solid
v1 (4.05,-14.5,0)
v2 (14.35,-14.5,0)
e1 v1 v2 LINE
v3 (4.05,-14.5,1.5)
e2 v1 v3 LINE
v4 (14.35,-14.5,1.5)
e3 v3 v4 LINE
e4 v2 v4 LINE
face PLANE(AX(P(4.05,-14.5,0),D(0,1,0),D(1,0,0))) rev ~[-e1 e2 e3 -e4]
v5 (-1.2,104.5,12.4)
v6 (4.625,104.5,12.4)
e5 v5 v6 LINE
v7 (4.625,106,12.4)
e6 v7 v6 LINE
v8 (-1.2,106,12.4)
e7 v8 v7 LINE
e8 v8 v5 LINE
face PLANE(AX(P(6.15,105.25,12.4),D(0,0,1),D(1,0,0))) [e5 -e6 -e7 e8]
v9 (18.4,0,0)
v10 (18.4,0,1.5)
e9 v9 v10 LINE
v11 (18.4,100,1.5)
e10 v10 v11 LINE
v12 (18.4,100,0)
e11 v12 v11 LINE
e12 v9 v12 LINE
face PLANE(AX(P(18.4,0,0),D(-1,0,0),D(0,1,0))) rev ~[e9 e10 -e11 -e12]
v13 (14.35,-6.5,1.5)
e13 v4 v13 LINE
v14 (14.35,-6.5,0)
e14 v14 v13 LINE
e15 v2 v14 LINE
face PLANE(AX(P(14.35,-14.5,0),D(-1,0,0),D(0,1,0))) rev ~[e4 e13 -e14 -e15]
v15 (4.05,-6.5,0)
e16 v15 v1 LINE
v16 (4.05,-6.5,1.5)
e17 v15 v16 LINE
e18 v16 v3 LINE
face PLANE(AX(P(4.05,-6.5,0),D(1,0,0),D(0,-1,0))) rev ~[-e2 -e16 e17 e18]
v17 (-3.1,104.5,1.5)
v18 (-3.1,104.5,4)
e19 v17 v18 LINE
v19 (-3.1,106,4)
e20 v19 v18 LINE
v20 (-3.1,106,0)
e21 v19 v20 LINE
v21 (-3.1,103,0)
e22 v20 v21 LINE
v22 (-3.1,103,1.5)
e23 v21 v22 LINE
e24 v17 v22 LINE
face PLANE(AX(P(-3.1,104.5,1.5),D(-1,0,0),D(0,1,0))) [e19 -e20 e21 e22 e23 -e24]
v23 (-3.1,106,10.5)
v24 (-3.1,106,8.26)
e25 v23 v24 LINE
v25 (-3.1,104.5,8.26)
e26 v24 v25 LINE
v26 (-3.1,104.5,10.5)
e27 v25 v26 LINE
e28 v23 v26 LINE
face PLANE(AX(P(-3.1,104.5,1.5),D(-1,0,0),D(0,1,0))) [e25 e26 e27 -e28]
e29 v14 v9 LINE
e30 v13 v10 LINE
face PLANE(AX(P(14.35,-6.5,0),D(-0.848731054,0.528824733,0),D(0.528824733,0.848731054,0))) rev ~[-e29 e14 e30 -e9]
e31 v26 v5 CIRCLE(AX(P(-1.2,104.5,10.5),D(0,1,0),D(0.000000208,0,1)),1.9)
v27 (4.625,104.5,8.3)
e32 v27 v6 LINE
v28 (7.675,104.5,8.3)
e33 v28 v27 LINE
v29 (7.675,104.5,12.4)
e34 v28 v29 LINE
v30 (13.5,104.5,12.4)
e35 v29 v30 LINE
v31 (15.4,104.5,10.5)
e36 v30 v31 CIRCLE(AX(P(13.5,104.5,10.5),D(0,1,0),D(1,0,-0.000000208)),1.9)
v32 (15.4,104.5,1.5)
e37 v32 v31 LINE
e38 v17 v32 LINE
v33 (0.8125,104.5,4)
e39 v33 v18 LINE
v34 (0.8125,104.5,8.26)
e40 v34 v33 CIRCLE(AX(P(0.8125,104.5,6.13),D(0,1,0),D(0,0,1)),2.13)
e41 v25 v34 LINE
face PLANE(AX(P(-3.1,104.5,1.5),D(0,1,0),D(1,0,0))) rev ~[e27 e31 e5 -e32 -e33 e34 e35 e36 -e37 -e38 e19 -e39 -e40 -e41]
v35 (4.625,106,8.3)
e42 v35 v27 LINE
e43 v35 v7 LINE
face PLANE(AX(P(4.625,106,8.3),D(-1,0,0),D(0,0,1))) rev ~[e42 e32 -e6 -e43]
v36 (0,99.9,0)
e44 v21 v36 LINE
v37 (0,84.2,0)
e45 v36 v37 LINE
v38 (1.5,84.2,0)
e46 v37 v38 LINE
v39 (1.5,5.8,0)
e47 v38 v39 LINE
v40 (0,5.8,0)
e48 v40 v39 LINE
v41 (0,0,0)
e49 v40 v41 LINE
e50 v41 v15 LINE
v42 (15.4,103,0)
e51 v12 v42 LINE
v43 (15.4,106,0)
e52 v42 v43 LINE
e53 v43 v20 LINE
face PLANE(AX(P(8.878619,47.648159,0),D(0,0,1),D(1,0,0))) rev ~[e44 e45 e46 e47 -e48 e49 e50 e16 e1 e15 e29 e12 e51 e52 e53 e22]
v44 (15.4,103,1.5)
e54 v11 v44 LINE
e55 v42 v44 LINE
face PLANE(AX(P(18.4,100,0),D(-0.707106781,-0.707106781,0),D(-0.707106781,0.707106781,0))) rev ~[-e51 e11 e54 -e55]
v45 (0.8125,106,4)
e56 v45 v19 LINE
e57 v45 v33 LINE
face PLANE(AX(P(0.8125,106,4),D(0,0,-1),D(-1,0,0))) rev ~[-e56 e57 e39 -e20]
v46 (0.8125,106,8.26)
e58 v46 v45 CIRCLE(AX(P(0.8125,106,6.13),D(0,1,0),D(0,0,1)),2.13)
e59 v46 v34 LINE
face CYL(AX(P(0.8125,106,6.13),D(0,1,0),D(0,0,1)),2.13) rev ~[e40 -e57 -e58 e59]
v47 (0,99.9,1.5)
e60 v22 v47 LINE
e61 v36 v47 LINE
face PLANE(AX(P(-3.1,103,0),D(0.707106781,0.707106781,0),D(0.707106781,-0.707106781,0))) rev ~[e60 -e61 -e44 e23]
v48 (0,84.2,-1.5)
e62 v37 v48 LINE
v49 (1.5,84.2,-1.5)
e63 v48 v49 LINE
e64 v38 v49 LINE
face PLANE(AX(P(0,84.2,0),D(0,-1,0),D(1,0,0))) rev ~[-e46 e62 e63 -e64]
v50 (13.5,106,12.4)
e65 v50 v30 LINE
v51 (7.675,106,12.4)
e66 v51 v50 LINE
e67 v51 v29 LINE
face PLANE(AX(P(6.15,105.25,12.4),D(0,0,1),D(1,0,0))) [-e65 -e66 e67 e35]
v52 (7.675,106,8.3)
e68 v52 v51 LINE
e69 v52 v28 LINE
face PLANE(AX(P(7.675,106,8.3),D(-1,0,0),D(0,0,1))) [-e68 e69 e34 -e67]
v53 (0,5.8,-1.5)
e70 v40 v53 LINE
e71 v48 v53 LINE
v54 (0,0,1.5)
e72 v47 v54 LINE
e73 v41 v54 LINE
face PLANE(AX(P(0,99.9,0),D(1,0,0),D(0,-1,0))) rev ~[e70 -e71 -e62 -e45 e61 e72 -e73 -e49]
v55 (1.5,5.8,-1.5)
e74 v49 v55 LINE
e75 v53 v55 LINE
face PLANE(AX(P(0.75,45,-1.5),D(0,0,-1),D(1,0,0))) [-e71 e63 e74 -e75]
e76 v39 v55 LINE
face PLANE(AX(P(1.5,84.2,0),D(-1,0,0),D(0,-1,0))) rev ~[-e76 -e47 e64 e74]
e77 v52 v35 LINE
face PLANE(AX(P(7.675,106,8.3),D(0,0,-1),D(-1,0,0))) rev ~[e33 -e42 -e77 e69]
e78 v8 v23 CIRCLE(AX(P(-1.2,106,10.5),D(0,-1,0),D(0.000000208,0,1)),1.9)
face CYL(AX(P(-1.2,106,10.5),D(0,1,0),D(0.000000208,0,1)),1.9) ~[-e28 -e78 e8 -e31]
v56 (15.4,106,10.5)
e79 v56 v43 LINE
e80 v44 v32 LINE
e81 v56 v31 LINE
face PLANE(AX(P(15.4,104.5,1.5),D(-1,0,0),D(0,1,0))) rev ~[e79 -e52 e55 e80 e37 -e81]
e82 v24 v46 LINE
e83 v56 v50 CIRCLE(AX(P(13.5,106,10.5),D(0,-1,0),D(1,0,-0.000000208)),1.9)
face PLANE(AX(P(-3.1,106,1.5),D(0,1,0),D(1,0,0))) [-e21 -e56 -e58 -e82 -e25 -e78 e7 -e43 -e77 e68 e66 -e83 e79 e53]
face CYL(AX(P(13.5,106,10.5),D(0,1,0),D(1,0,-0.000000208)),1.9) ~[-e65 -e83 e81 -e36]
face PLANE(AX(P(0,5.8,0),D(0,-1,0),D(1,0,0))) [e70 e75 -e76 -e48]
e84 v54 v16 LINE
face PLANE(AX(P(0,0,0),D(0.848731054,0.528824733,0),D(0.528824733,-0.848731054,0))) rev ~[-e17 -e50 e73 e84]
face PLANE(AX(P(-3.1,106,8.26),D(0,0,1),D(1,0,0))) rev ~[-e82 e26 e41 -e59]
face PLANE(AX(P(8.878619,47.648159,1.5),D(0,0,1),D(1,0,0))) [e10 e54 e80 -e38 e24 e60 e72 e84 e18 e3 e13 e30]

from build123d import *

# Parameters (mm, degrees)
F1_DEPTH = 1.5
F2_W     = 18.5
F2_H     = 1.5
F3_DEPTH = 10.9
F4_W     = 3.05
F4_H     = 4.1
F5_DEPTH = 25
F6_W     = 1.5
F6_H     = 78.4
F7_DEPTH = 1.5


with BuildPart() as f1:
    # F0 (on Top) → F1 (new body)
    with BuildSketch(Plane.XY):
        Polygon((-3.1, 103), (0, 99.9), (0, 0), (4.05, -6.5), (4.05, -14.5), (14.35, -14.5), (14.35, -6.5), (18.4, 0), (18.4, 100), (15.4, 103), (15.4, 106), (-3.1, 106), align=None)
    extrude(amount=F1_DEPTH)

    # F2 (on face) → F3 (join)
    with BuildSketch(Plane.XY.offset(1.5)):
        with Locations((6.15, 105.25)):
            Rectangle(F2_W, F2_H)
    extrude(amount=F3_DEPTH)

    # F4 (on face) → F5 (cut)
    with BuildSketch(Plane(origin=(0, 106, 0), x_dir=(-1, 0, 0), z_dir=(0, 1, 0))):
        with Locations((-6.15, 10.35)):
            Rectangle(F4_W, F4_H)
        with BuildLine():
            ThreePointArc((-15.4, 10.5), (-14.843503, 11.843503), (-13.5, 12.4))
            Line((-13.5, 12.4), (-15.4, 12.4))
            Line((-15.4, 12.4), (-15.4, 10.5))
        make_face()
        with BuildLine():
            Line((3.1, 12.4), (1.2, 12.4))
            ThreePointArc((1.2, 12.4), (2.543503, 11.843503), (3.1, 10.5))
            Line((3.1, 10.5), (3.1, 12.4))
        make_face()
        with BuildLine():
            Line((3.1, 8.26), (-0.8125, 8.26))
            ThreePointArc((-0.8125, 8.26), (-2.9425, 6.13), (-0.8125, 4))
            Line((-0.8125, 4), (3.1, 4))
            Line((3.1, 4), (3.1, 8.26))
        make_face()
    extrude(amount=-F5_DEPTH, mode=Mode.SUBTRACT)

    # F6 (on face) → F7 (join)
    with BuildSketch(Plane(origin=(0, 0, 0), x_dir=(1, 0, 0), z_dir=(0, 0, -1))):
        with Locations((0.75, -45)):
            Rectangle(F6_W, F6_H)
    extrude(amount=F7_DEPTH)


solid = f1.part
